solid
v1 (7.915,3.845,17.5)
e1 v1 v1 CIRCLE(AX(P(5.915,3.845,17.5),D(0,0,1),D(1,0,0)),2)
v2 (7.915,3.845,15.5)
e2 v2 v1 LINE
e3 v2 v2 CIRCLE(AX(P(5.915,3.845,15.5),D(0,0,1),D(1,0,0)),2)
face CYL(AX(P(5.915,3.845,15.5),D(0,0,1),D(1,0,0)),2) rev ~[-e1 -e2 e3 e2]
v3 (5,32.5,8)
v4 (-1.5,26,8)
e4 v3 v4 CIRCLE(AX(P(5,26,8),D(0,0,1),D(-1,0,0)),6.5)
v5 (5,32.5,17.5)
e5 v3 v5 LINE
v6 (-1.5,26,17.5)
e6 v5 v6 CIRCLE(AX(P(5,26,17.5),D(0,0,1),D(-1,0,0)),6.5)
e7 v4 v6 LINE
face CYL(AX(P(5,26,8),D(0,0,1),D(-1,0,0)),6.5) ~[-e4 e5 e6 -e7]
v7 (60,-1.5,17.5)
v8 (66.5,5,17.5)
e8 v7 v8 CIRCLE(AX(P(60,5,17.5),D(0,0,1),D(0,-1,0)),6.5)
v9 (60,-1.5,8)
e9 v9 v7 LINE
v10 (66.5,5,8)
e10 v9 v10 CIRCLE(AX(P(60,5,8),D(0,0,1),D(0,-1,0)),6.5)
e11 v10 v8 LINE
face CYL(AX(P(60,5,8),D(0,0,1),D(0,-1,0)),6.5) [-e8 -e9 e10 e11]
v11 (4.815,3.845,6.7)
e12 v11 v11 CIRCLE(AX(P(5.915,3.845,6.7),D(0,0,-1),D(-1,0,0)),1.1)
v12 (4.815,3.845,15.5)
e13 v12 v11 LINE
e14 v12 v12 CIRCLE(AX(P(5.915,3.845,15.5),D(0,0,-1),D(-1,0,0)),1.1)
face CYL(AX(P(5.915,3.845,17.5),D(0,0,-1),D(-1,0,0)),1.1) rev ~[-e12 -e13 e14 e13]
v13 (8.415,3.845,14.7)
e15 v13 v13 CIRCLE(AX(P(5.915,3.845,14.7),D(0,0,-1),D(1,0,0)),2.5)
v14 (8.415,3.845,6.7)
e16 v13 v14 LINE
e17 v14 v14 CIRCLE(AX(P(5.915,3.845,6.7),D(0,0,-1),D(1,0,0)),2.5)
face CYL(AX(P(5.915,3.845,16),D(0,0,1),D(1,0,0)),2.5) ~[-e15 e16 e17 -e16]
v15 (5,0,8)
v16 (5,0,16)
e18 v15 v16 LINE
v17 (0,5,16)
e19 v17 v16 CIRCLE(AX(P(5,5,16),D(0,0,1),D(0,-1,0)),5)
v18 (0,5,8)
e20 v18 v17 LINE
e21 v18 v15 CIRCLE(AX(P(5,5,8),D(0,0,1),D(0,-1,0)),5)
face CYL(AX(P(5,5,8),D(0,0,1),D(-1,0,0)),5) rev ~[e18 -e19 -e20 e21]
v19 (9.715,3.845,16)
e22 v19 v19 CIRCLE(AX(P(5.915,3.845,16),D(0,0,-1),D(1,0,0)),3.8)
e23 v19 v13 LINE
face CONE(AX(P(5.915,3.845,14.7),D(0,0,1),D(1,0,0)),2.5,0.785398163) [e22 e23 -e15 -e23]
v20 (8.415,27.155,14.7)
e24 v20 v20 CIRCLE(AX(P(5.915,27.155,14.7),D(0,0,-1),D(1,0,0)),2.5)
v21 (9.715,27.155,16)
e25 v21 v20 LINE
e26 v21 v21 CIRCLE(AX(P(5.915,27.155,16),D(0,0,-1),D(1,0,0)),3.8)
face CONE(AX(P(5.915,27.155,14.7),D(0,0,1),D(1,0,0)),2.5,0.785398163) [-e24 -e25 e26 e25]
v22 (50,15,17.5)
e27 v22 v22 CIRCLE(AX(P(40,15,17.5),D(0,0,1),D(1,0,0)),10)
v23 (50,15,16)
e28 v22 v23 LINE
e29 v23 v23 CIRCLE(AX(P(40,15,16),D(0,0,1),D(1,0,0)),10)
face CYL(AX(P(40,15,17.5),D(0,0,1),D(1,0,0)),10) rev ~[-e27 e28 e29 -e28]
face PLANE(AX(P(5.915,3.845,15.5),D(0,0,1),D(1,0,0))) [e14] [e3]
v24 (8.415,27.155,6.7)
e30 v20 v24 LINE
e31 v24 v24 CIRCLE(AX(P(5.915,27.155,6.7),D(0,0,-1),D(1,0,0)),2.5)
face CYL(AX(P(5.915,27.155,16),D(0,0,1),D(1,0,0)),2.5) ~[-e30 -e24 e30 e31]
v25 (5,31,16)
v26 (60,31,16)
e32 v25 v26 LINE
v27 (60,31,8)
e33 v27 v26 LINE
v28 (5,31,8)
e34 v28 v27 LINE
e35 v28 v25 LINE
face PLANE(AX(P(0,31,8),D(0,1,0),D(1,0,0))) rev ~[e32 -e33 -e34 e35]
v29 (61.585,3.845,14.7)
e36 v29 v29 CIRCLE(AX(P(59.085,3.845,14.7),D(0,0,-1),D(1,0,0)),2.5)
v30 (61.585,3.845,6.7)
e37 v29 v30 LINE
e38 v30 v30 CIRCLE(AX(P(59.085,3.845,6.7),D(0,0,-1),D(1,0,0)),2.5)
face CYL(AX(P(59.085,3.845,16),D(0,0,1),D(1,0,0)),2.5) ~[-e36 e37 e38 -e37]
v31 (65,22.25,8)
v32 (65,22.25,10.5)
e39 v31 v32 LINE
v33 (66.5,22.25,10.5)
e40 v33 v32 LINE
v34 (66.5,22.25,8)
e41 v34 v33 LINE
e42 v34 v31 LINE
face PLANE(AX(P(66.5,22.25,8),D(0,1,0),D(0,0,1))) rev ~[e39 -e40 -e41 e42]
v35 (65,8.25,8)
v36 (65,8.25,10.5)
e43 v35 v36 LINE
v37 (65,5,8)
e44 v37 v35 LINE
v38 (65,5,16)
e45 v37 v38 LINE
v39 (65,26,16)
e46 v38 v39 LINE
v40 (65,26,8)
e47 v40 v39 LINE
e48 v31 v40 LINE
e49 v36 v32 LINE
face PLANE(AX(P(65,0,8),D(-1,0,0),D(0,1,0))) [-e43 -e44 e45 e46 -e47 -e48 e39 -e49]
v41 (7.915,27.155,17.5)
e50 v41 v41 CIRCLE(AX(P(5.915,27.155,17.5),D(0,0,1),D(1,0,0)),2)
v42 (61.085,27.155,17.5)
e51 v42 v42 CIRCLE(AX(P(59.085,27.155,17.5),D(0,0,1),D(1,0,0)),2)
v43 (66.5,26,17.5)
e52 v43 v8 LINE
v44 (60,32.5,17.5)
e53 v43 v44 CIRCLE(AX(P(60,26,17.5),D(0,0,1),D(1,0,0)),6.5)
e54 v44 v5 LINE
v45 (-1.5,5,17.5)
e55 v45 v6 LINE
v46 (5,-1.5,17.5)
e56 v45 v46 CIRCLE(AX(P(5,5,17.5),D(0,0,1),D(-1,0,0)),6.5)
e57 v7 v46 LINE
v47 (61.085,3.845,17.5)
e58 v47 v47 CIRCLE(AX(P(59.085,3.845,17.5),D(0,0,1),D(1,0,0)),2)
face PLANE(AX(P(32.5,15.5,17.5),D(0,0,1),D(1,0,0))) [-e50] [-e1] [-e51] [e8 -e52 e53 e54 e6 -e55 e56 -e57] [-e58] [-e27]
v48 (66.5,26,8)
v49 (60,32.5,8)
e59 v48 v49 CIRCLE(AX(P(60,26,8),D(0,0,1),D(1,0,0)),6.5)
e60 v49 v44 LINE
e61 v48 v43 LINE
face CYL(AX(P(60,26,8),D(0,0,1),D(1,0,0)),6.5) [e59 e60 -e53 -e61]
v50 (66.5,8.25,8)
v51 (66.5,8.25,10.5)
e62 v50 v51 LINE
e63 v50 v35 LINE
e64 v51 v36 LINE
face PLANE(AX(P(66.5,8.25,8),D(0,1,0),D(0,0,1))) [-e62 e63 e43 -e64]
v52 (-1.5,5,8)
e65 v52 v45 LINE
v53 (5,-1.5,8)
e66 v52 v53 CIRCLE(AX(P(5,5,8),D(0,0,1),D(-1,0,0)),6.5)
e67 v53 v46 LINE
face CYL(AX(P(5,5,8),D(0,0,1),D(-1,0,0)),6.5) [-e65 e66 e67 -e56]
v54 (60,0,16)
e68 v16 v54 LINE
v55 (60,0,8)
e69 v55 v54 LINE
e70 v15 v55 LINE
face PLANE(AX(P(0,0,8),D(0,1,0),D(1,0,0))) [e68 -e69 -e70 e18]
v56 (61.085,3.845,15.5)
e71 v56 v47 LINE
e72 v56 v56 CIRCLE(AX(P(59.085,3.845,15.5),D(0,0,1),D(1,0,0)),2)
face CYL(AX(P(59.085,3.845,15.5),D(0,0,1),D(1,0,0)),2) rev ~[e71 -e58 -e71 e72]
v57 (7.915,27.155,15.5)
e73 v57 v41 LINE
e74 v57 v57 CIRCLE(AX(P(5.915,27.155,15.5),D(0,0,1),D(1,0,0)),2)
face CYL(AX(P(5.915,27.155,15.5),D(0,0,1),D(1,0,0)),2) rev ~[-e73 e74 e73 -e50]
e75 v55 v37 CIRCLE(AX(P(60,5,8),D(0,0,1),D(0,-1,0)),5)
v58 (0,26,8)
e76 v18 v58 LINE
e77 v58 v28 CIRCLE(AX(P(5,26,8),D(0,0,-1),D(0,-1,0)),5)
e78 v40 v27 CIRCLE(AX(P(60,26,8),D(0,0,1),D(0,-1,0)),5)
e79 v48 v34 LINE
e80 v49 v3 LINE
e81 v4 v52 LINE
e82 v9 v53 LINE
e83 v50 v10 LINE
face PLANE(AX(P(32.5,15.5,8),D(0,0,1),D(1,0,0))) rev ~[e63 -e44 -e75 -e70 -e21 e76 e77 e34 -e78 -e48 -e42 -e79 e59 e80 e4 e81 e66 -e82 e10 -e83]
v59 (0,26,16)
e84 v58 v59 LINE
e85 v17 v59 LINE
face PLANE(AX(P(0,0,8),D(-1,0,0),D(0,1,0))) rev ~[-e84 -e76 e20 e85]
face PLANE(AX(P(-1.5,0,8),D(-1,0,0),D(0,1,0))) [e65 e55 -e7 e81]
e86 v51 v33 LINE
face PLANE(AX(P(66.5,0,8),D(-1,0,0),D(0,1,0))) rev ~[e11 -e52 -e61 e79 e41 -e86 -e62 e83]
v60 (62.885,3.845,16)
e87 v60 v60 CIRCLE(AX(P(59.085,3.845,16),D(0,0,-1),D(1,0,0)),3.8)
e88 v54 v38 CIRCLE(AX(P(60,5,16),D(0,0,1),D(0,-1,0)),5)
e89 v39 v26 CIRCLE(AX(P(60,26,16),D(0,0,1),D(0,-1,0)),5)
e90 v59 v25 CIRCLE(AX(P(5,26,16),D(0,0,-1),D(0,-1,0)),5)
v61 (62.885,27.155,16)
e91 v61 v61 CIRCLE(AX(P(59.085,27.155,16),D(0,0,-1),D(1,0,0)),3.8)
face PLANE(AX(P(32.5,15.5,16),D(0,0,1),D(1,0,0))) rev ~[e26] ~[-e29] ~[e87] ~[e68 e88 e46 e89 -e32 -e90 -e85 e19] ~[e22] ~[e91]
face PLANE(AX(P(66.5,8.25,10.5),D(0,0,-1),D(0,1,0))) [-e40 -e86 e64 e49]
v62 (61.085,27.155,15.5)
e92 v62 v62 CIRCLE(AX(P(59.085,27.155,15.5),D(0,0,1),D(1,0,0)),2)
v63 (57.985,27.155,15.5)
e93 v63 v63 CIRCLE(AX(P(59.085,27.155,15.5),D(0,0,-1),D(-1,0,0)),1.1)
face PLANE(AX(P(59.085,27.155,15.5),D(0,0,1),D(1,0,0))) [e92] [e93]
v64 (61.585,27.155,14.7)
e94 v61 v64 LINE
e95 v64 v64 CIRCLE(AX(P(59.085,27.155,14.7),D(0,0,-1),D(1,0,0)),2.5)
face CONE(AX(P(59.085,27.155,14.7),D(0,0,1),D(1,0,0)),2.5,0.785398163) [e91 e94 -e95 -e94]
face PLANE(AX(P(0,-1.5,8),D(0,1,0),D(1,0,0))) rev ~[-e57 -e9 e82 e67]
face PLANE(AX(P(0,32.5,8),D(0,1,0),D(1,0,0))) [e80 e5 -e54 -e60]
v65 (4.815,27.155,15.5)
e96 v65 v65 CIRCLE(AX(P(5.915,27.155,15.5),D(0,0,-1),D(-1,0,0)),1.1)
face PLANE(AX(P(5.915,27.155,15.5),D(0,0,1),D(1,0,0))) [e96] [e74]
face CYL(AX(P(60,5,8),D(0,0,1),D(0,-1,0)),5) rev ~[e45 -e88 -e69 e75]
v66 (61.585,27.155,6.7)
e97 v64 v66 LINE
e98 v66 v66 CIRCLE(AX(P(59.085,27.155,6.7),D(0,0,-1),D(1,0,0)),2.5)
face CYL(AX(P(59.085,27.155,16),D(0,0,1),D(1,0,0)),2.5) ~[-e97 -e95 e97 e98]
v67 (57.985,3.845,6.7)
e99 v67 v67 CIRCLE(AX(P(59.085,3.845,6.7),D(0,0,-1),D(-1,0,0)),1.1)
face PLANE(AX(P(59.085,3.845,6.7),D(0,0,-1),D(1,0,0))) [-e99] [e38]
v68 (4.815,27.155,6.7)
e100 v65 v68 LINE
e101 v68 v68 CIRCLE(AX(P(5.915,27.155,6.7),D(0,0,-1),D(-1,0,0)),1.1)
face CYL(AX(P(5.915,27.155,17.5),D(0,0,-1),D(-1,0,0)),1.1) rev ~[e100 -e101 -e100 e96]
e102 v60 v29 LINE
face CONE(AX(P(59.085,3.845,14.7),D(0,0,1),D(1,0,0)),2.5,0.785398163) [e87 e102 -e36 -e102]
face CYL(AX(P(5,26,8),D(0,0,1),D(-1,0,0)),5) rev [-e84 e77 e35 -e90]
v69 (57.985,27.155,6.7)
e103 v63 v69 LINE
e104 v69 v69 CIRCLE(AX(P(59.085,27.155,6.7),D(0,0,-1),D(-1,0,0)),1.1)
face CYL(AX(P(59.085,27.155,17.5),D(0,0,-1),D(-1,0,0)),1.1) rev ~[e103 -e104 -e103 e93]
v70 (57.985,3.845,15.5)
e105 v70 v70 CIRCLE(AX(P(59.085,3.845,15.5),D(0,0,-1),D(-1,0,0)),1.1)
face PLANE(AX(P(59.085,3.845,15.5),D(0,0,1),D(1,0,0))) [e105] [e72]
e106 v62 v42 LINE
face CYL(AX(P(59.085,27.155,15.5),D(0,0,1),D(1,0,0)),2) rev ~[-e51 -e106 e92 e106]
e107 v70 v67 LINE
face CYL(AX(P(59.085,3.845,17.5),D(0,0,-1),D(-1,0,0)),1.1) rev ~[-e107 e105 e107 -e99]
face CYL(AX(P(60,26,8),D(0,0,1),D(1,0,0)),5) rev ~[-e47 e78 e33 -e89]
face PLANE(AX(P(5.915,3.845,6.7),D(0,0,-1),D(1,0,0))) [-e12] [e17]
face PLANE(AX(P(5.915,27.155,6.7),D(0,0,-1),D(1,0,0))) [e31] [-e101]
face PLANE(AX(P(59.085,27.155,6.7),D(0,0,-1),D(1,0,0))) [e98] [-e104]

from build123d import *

# Parameters (mm, degrees)
BOX001_W         = 65
BOX001_H         = 31
BOX001_DEPTH     = 8
FILLET001_R      = 5
THICKNESS001_T   = 1.5
SKETCH002_W      = 14
SKETCH002_H      = 2.5
POCKET001_DEPTH  = 1.5
SKETCH003_R      = 2.5
PAD001_DEPTH     = 9.3
HOLE_D           = 2.2
HOLE_CBORE_D     = 4
HOLE_CBORE_DEPTH = 2
SKETCH005_R      = 10
POCKET002_DEPTH  = 1.5
CHAMFER_SIZE     = 1.3


with BuildPart() as part:
    # Box001 → Box001 (join)
    with BuildSketch(Plane.XY.offset(8)):
        with Locations((32.5, 15.5)):
            Rectangle(BOX001_W, BOX001_H)
    extrude(amount=BOX001_DEPTH)

    # Fillet001
    fillet001_edges = [part.edges().sort_by_distance(p)[0] for p in [
        (65, 0, 12),
        (65, 31, 12),
        (0, 0, 12),
        (0, 31, 12),
    ]]
    fillet(fillet001_edges, radius=FILLET001_R)

    # Thickness001
    thickness001_openings = [part.faces().sort_by_distance(p)[0] for p in [
        (32.5, 15.5, 8),
    ]]
    offset(amount=THICKNESS001_T, openings=thickness001_openings, kind=Kind.INTERSECTION)

    # Sketch002 (on Face19 of Thickness001) → Pocket001 (cut)
    with BuildSketch(Plane.YZ.offset(66.5)):
        with Locations((15.25, 9.25)):
            Rectangle(SKETCH002_W, SKETCH002_H)
    extrude(amount=-POCKET001_DEPTH, mode=Mode.SUBTRACT)

    # Sketch003 (on Face2 of Pocket001) → Pad001 (join)
    with BuildSketch(Plane(origin=(0, 0, 16), x_dir=(1, 0, 0), z_dir=(0, 0, -1))):
        with Locations((59.085, -3.845)):
            Circle(SKETCH003_R)
        with Locations((59.085, -27.155)):
            Circle(SKETCH003_R)
        with Locations((5.915, -27.155)):
            Circle(SKETCH003_R)
        with Locations((5.915, -3.845)):
            Circle(SKETCH003_R)
    extrude(amount=PAD001_DEPTH)

    # Hole (through all)
    with Locations(Plane.XY.offset(17.5)):
        with Locations((5.915, 27.155), (59.085, 27.155), (59.085, 3.845), (5.915, 3.845)):
            CounterBoreHole(HOLE_D / 2, HOLE_CBORE_D / 2, HOLE_CBORE_DEPTH)

    # Sketch005 (on Face30 of Hole) → Pocket002 (cut)
    with BuildSketch(Plane.XY.offset(17.5)):
        with Locations((40, 15)):
            Circle(SKETCH005_R)
    extrude(amount=-POCKET002_DEPTH, mode=Mode.SUBTRACT)

    # Chamfer
    chamfer_edges = [part.edges().sort_by_distance(p)[0] for p in [
        (56.585, 3.845, 16),
        (56.585, 27.155, 16),
        (3.415, 3.845, 16),
        (3.415, 27.155, 16),
    ]]
    chamfer(chamfer_edges, length=CHAMFER_SIZE)


solid = part.part
